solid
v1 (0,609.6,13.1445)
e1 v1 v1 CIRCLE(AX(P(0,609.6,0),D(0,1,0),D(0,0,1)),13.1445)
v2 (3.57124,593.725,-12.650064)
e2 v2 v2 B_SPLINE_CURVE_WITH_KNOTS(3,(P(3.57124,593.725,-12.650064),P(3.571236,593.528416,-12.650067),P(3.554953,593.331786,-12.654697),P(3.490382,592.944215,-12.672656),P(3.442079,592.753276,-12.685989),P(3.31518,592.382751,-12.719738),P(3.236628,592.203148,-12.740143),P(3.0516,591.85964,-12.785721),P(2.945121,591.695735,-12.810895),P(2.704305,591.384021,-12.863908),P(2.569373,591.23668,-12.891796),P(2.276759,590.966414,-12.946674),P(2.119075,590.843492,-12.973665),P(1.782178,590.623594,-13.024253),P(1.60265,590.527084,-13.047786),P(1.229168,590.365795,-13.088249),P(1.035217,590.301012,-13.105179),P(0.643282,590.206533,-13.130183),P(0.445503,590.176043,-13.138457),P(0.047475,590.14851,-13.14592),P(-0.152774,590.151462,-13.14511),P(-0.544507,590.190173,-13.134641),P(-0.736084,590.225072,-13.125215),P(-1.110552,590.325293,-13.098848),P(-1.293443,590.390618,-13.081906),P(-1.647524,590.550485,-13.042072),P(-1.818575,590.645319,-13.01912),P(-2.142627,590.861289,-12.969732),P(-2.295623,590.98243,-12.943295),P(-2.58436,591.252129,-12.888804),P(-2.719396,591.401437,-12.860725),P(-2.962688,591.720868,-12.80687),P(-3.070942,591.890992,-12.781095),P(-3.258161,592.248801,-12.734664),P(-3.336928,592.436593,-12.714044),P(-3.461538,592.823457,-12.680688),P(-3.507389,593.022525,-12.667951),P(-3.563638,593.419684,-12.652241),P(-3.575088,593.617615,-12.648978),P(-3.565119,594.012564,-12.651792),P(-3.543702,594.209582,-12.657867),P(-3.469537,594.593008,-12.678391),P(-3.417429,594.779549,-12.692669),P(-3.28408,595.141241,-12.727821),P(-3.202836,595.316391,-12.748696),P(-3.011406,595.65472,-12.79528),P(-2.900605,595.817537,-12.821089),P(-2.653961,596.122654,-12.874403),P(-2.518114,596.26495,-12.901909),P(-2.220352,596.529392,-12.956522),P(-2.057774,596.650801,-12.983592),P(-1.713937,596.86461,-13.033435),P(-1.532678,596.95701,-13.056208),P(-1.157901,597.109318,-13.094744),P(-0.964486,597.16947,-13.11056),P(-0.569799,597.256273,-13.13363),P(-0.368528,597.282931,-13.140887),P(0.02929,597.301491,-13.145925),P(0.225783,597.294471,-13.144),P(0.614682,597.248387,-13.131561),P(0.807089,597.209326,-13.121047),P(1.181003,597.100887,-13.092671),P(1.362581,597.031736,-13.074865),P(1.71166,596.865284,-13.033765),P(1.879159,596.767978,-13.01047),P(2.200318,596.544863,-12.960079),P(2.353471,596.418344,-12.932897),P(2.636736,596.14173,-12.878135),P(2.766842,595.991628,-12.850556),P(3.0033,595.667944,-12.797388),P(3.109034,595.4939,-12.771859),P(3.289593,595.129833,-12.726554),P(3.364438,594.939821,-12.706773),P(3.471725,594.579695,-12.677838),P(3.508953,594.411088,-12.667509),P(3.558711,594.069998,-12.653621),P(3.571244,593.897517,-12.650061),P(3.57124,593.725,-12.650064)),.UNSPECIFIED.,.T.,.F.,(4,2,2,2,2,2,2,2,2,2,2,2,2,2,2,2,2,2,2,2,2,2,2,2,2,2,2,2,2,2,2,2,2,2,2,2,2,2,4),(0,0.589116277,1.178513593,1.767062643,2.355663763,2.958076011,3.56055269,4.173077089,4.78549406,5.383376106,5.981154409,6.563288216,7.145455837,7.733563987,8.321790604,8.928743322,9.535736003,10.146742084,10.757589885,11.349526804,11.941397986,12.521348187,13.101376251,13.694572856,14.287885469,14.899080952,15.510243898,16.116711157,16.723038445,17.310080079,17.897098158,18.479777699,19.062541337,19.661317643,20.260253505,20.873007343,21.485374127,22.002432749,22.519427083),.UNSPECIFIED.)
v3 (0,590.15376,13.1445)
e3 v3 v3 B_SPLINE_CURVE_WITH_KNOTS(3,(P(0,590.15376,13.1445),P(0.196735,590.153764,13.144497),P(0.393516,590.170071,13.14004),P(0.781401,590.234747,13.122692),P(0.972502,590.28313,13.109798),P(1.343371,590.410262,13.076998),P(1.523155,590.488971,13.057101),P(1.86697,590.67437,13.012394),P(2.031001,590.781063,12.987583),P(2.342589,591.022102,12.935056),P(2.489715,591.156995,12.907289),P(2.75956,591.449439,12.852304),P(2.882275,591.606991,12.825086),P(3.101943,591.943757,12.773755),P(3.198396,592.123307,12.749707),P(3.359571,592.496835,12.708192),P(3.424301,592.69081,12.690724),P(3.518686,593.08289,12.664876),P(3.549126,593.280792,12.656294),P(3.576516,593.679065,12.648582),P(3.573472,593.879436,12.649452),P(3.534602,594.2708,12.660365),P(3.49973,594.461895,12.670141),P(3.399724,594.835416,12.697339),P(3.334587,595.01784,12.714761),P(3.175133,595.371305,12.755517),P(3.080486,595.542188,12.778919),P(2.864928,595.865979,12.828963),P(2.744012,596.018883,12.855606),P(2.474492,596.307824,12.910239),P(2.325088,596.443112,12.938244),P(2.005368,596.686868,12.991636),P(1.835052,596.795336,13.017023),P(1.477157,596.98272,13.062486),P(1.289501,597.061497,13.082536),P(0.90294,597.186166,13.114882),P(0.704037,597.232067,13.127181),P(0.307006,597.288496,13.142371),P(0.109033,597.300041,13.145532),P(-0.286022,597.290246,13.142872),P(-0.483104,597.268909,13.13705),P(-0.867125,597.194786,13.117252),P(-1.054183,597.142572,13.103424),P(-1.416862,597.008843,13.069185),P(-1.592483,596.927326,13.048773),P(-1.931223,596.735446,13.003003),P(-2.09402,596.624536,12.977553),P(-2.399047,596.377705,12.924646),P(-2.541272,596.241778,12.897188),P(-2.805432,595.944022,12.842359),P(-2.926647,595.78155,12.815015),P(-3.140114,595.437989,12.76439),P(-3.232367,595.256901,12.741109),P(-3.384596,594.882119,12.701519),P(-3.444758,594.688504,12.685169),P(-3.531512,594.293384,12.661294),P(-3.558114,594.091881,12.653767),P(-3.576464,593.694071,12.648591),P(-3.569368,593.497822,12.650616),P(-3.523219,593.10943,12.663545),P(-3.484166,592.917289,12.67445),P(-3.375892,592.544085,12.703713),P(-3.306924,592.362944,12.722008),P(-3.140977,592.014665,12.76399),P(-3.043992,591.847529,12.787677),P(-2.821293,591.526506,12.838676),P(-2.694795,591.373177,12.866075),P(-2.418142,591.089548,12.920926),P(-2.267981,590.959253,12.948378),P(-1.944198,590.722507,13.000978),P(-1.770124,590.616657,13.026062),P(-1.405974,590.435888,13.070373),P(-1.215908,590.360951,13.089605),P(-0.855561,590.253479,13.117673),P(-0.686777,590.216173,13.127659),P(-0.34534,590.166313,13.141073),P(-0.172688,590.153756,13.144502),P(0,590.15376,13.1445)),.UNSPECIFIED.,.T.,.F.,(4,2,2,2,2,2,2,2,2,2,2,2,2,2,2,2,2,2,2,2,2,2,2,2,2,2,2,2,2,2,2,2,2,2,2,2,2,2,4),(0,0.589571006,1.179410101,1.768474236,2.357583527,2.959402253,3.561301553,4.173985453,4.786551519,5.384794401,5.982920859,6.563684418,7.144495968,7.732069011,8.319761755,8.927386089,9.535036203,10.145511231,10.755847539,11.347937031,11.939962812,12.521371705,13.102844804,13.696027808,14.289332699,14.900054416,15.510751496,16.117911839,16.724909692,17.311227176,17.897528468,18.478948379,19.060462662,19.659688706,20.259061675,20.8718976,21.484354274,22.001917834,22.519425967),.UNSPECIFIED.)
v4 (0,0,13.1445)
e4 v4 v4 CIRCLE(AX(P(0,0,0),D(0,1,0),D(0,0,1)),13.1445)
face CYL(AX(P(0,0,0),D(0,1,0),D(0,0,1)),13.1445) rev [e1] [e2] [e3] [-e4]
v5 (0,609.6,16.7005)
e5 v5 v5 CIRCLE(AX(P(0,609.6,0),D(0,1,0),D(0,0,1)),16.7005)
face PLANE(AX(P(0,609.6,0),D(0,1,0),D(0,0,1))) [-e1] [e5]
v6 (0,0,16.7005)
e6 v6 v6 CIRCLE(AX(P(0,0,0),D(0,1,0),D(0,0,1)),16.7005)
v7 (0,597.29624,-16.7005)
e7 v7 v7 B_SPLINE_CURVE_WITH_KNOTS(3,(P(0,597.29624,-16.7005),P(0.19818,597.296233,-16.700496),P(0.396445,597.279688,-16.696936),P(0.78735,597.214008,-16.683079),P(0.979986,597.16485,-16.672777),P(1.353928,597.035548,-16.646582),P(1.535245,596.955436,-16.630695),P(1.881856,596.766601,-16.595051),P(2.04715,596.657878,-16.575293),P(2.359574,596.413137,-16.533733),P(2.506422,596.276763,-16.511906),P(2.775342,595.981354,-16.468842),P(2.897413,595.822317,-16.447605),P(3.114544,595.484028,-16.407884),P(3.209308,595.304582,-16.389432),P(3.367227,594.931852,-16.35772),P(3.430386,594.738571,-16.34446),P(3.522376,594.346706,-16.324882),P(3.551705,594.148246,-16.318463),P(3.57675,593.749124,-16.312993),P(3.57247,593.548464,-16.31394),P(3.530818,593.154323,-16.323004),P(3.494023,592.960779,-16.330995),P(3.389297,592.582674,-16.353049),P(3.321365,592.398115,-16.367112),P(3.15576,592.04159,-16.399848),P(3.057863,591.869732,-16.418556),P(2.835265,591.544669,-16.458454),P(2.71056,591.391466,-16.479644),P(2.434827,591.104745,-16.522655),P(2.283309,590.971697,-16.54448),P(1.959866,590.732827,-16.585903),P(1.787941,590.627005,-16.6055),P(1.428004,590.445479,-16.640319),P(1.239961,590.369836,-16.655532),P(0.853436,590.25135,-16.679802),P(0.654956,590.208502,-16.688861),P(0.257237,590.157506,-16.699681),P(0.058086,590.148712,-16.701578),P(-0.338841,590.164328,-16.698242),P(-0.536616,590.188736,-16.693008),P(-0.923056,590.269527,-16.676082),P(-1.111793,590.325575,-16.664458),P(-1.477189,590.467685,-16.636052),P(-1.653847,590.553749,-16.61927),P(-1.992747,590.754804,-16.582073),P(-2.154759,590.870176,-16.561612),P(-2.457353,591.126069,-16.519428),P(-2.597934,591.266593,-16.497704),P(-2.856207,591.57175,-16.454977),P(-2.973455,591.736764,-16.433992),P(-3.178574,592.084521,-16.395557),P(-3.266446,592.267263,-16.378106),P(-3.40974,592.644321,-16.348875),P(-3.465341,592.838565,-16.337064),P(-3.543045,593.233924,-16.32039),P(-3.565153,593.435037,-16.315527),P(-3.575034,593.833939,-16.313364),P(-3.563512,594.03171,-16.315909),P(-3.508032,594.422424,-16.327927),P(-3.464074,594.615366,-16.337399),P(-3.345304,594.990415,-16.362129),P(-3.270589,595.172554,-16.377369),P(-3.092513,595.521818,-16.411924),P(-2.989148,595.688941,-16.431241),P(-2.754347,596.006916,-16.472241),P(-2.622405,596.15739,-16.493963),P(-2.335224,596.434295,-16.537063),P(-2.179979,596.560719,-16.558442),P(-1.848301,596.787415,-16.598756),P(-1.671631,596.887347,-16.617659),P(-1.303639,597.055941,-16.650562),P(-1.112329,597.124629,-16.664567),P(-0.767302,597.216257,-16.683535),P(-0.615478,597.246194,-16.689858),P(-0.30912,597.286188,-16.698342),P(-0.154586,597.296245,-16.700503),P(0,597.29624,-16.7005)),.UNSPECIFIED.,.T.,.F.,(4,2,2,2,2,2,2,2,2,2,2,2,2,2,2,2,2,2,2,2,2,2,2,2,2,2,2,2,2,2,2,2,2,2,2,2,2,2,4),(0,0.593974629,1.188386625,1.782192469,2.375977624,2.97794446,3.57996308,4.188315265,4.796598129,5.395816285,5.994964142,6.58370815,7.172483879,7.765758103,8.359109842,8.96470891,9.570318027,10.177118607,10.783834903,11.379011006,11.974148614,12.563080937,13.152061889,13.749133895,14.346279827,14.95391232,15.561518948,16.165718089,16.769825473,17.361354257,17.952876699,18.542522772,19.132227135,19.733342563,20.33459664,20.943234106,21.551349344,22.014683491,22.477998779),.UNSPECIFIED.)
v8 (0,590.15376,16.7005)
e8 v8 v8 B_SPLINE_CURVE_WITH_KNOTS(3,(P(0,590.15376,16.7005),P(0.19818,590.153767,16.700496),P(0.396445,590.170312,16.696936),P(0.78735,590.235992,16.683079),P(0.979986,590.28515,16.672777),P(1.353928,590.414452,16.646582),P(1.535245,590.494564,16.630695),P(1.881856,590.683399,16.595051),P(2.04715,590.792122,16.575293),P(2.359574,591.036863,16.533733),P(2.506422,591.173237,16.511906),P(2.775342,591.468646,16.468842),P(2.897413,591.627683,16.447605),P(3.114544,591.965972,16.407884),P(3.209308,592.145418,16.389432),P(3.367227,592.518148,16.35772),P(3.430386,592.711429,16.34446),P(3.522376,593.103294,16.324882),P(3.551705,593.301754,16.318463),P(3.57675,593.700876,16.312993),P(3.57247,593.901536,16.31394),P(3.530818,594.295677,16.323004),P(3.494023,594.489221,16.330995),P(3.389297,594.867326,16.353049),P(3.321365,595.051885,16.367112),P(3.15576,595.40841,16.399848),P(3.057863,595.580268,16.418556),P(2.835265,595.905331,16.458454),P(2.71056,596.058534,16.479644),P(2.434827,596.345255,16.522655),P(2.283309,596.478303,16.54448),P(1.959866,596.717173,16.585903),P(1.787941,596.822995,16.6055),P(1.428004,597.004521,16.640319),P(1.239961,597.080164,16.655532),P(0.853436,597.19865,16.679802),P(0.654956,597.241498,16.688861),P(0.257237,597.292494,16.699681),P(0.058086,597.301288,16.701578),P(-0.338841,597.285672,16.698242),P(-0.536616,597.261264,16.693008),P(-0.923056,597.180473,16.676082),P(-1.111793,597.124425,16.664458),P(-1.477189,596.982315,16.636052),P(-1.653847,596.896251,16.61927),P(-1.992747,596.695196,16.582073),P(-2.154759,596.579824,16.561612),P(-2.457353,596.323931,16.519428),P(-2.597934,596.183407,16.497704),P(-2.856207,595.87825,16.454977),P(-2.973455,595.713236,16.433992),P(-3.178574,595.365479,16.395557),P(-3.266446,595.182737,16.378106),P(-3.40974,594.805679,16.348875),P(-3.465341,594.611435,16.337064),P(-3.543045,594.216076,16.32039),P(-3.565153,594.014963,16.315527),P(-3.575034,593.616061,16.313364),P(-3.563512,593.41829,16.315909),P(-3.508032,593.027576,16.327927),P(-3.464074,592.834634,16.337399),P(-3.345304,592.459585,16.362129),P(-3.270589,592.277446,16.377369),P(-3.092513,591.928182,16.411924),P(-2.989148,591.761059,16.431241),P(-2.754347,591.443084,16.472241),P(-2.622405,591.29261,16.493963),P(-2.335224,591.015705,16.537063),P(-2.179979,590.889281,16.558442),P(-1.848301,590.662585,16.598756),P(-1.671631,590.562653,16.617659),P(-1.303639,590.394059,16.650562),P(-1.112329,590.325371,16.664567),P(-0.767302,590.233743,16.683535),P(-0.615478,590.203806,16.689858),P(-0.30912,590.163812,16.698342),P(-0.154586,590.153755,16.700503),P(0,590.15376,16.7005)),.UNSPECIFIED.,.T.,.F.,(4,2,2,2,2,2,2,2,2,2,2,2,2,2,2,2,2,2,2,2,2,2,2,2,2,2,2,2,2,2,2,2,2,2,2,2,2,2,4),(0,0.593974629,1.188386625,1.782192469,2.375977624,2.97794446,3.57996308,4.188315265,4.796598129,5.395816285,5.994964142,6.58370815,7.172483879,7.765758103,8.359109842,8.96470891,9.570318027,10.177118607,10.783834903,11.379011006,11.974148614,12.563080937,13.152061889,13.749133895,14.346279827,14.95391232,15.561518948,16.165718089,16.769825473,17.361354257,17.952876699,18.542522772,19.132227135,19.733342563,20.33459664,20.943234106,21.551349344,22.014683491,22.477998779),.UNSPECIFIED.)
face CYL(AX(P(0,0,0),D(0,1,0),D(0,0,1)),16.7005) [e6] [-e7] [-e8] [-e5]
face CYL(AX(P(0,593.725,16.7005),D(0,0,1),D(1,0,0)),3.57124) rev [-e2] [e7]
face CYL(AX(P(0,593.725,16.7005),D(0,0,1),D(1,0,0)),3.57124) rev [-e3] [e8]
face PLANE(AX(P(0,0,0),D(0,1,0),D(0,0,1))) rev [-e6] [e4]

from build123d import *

# Parameters (mm, degrees)
SWEEP1_PROFILE_R        = 16.7005
SHELL1_T                = -3.556
F_1_4_CLEARANCE_HOLE4_D = 7.14248


with BuildPart() as part:
    # Sweep1: sweep along a path in Sketch2
    with BuildLine(Plane(origin=(0, 0, 0), x_dir=(0, 0, -1), z_dir=(1, 0, 0))) as sweep1_path:
        Line((0, 0), (0, 609.6))
    # Sweep1 profile (on start of the path) → Sweep1 (sweep)
    with BuildSketch(Plane.ZX):
        Circle(SWEEP1_PROFILE_R)
    sweep(path=sweep1_path.line)

    # Shell1
    shell1_openings = [part.faces().sort_by_distance(p)[0] for p in [
        (0, 609.6, 16.7005),
        (0, 0, 16.7005),
    ]]
    offset(amount=SHELL1_T, openings=shell1_openings, kind=Kind.INTERSECTION)

    # 1/4 Clearance Hole4 (through all)
    with Locations(Plane.XY.offset(16.7005)):
        with Locations((0, 593.725)):
            Hole(F_1_4_CLEARANCE_HOLE4_D / 2)


solid = part.part
